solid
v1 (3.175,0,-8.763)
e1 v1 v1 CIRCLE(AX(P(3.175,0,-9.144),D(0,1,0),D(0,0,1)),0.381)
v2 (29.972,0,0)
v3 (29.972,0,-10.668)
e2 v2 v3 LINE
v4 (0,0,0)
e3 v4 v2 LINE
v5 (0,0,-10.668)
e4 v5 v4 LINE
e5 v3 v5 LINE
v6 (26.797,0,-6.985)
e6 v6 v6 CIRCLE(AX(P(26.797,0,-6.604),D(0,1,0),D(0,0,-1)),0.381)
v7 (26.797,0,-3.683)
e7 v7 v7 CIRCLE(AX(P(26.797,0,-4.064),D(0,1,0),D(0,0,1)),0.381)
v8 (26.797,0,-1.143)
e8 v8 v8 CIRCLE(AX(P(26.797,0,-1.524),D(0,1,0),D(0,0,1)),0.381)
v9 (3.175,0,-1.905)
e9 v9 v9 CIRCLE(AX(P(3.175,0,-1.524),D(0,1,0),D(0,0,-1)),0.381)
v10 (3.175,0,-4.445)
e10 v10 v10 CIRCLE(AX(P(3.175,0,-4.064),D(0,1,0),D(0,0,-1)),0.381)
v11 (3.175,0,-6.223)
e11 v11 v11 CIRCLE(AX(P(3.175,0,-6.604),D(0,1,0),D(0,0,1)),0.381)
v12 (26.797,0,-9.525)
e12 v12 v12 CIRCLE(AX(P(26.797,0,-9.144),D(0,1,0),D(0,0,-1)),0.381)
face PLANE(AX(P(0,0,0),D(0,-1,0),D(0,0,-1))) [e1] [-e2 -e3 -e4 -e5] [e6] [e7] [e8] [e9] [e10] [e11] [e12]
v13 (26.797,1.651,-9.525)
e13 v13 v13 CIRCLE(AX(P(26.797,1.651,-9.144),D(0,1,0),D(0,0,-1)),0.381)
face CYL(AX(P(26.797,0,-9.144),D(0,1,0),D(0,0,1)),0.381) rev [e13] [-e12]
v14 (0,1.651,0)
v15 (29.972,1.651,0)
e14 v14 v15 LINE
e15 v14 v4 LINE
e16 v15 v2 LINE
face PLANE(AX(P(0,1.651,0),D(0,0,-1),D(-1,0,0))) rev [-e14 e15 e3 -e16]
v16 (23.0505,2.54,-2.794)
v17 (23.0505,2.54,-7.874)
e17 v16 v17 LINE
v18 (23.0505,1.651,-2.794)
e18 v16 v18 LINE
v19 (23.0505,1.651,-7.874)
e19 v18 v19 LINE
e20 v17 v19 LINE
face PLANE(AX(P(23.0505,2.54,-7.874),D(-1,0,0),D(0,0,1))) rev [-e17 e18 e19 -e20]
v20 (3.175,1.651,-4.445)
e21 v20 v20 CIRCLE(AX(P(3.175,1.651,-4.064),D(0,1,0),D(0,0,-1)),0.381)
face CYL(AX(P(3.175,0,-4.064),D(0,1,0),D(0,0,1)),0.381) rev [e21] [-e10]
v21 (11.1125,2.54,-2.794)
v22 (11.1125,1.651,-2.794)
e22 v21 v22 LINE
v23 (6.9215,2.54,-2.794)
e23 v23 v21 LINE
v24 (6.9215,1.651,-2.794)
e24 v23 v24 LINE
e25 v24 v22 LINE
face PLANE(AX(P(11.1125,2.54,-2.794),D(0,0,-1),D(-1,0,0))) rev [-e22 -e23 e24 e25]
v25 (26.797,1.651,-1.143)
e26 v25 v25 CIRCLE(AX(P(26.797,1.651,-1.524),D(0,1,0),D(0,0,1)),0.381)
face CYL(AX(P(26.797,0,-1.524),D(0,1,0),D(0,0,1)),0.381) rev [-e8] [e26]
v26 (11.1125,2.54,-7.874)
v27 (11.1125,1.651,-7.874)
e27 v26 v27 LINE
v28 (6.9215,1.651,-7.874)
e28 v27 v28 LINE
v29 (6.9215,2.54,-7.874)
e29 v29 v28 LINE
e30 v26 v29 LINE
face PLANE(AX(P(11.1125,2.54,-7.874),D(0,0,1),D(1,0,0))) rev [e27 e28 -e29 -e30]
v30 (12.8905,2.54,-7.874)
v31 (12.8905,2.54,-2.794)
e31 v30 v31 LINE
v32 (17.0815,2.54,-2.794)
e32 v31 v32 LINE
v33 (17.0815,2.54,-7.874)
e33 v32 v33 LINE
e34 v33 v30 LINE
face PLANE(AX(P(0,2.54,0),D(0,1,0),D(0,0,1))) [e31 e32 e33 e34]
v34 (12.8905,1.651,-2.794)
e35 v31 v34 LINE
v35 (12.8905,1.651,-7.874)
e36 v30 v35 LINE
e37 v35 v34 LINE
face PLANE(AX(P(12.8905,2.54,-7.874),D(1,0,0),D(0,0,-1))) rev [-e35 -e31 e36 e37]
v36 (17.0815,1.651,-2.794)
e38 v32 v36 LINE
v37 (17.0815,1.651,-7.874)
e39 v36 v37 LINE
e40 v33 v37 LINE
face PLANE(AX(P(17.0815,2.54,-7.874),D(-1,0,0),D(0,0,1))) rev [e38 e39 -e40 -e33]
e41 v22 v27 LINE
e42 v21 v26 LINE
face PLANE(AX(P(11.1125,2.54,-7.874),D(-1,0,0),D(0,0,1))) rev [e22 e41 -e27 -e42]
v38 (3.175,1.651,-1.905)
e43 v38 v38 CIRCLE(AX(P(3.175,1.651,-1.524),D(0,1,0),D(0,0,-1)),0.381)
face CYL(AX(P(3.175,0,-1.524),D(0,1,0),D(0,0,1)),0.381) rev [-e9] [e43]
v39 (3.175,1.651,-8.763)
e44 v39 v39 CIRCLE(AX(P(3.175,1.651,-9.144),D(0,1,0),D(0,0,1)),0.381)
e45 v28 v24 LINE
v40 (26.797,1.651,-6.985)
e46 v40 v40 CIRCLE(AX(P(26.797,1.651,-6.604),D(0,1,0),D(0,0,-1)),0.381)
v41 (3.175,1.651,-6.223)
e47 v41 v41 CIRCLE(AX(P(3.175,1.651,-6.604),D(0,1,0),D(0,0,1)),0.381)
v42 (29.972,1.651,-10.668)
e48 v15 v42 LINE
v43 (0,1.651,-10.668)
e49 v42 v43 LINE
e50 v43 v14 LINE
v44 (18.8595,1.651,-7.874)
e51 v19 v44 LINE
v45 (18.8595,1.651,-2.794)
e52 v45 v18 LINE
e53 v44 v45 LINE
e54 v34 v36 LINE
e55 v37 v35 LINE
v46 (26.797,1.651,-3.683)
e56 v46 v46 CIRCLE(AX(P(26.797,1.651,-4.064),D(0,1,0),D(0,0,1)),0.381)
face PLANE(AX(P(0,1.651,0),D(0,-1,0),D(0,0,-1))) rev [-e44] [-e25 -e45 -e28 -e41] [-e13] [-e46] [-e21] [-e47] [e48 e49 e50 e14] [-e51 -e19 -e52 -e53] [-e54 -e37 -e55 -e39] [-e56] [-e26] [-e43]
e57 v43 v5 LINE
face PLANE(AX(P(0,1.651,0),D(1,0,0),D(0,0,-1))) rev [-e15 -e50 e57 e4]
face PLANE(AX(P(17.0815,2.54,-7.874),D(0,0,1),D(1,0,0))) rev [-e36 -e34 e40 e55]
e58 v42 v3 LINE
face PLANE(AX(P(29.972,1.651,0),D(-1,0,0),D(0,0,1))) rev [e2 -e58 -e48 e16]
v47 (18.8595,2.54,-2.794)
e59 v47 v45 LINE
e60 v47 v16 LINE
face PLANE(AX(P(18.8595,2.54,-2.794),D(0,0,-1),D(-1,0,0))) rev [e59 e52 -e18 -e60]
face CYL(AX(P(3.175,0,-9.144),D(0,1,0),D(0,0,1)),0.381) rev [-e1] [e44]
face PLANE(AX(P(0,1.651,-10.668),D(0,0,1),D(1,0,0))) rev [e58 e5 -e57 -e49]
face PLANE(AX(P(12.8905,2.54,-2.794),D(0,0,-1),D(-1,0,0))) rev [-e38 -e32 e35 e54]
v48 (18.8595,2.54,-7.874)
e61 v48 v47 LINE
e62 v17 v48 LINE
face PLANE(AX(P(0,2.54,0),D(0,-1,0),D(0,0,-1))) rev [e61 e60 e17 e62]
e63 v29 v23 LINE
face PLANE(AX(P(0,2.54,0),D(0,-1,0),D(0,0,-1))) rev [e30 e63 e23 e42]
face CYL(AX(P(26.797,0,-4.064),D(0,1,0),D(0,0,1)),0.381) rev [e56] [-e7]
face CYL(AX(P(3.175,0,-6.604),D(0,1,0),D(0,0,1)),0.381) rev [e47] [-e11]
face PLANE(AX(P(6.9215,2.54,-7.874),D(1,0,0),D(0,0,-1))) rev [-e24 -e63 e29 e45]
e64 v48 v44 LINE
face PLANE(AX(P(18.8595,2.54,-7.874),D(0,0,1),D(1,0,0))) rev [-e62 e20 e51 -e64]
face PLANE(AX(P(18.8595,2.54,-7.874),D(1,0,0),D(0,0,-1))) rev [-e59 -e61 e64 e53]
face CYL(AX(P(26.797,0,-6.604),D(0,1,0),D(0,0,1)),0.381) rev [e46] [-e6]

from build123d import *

# Parameters (mm, degrees)
SKETCH1_W           = 29.972
SKETCH1_H           = 10.668
BOSS_EXTRUDE1_DEPTH = 1.651
SKETCH2_W           = 4.191
SKETCH2_H           = 5.08
BOSS_EXTRUDE2_DEPTH = 0.889
SKETCH3_R           = 0.381
CUT_EXTRUDE1_DEPTH  = 32.856754527


with BuildPart() as part:
    # Sketch1 → Boss-Extrude1 (new body)
    with BuildSketch(Plane(origin=(0, 0, 0), x_dir=(1, 0, 0), z_dir=(0, 1, 0))):
        with Locations((14.986, 5.334)):
            Rectangle(SKETCH1_W, SKETCH1_H)
    extrude(amount=BOSS_EXTRUDE1_DEPTH)

    # Sketch2 → Boss-Extrude2 (add)
    with BuildSketch(Plane(origin=(0, 1.651, 0), x_dir=(1, 0, 0), z_dir=(0, 1, 0))):
        with Locations((14.986, 5.334)):
            Rectangle(SKETCH2_W, SKETCH2_H)
        with Locations((9.017, 5.334)):
            Rectangle(SKETCH2_W, SKETCH2_H)
        with Locations((20.955, 5.334)):
            Rectangle(SKETCH2_W, SKETCH2_H)
    extrude(amount=BOSS_EXTRUDE2_DEPTH)

    # Sketch3 → Cut-Extrude1 (cut, through all)
    with BuildSketch(Plane(origin=(0, 1.651, 0), x_dir=(1, 0, 0), z_dir=(0, 1, 0))):
        with Locations(Location((26.797, 1.524, 0), (0, 0, 270))):
            Circle(SKETCH3_R)
        with Locations(Location((26.797, 4.064, 0), (0, 0, 270))):
            Circle(SKETCH3_R)
        with Locations(Location((26.797, 6.604, 0), (0, 0, 90))):
            Circle(SKETCH3_R)
        with Locations(Location((26.797, 9.144, 0), (0, 0, 90))):
            Circle(SKETCH3_R)
        with Locations(Location((3.175, 1.524, 0), (0, 0, 90))):
            Circle(SKETCH3_R)
        with Locations(Location((3.175, 4.064, 0), (0, 0, 90))):
            Circle(SKETCH3_R)
        with Locations(Location((3.175, 6.604, 0), (0, 0, 270))):
            Circle(SKETCH3_R)
        with Locations(Location((3.175, 9.144, 0), (0, 0, 270))):
            Circle(SKETCH3_R)
    extrude(amount=-CUT_EXTRUDE1_DEPTH, mode=Mode.SUBTRACT)


solid = part.part
